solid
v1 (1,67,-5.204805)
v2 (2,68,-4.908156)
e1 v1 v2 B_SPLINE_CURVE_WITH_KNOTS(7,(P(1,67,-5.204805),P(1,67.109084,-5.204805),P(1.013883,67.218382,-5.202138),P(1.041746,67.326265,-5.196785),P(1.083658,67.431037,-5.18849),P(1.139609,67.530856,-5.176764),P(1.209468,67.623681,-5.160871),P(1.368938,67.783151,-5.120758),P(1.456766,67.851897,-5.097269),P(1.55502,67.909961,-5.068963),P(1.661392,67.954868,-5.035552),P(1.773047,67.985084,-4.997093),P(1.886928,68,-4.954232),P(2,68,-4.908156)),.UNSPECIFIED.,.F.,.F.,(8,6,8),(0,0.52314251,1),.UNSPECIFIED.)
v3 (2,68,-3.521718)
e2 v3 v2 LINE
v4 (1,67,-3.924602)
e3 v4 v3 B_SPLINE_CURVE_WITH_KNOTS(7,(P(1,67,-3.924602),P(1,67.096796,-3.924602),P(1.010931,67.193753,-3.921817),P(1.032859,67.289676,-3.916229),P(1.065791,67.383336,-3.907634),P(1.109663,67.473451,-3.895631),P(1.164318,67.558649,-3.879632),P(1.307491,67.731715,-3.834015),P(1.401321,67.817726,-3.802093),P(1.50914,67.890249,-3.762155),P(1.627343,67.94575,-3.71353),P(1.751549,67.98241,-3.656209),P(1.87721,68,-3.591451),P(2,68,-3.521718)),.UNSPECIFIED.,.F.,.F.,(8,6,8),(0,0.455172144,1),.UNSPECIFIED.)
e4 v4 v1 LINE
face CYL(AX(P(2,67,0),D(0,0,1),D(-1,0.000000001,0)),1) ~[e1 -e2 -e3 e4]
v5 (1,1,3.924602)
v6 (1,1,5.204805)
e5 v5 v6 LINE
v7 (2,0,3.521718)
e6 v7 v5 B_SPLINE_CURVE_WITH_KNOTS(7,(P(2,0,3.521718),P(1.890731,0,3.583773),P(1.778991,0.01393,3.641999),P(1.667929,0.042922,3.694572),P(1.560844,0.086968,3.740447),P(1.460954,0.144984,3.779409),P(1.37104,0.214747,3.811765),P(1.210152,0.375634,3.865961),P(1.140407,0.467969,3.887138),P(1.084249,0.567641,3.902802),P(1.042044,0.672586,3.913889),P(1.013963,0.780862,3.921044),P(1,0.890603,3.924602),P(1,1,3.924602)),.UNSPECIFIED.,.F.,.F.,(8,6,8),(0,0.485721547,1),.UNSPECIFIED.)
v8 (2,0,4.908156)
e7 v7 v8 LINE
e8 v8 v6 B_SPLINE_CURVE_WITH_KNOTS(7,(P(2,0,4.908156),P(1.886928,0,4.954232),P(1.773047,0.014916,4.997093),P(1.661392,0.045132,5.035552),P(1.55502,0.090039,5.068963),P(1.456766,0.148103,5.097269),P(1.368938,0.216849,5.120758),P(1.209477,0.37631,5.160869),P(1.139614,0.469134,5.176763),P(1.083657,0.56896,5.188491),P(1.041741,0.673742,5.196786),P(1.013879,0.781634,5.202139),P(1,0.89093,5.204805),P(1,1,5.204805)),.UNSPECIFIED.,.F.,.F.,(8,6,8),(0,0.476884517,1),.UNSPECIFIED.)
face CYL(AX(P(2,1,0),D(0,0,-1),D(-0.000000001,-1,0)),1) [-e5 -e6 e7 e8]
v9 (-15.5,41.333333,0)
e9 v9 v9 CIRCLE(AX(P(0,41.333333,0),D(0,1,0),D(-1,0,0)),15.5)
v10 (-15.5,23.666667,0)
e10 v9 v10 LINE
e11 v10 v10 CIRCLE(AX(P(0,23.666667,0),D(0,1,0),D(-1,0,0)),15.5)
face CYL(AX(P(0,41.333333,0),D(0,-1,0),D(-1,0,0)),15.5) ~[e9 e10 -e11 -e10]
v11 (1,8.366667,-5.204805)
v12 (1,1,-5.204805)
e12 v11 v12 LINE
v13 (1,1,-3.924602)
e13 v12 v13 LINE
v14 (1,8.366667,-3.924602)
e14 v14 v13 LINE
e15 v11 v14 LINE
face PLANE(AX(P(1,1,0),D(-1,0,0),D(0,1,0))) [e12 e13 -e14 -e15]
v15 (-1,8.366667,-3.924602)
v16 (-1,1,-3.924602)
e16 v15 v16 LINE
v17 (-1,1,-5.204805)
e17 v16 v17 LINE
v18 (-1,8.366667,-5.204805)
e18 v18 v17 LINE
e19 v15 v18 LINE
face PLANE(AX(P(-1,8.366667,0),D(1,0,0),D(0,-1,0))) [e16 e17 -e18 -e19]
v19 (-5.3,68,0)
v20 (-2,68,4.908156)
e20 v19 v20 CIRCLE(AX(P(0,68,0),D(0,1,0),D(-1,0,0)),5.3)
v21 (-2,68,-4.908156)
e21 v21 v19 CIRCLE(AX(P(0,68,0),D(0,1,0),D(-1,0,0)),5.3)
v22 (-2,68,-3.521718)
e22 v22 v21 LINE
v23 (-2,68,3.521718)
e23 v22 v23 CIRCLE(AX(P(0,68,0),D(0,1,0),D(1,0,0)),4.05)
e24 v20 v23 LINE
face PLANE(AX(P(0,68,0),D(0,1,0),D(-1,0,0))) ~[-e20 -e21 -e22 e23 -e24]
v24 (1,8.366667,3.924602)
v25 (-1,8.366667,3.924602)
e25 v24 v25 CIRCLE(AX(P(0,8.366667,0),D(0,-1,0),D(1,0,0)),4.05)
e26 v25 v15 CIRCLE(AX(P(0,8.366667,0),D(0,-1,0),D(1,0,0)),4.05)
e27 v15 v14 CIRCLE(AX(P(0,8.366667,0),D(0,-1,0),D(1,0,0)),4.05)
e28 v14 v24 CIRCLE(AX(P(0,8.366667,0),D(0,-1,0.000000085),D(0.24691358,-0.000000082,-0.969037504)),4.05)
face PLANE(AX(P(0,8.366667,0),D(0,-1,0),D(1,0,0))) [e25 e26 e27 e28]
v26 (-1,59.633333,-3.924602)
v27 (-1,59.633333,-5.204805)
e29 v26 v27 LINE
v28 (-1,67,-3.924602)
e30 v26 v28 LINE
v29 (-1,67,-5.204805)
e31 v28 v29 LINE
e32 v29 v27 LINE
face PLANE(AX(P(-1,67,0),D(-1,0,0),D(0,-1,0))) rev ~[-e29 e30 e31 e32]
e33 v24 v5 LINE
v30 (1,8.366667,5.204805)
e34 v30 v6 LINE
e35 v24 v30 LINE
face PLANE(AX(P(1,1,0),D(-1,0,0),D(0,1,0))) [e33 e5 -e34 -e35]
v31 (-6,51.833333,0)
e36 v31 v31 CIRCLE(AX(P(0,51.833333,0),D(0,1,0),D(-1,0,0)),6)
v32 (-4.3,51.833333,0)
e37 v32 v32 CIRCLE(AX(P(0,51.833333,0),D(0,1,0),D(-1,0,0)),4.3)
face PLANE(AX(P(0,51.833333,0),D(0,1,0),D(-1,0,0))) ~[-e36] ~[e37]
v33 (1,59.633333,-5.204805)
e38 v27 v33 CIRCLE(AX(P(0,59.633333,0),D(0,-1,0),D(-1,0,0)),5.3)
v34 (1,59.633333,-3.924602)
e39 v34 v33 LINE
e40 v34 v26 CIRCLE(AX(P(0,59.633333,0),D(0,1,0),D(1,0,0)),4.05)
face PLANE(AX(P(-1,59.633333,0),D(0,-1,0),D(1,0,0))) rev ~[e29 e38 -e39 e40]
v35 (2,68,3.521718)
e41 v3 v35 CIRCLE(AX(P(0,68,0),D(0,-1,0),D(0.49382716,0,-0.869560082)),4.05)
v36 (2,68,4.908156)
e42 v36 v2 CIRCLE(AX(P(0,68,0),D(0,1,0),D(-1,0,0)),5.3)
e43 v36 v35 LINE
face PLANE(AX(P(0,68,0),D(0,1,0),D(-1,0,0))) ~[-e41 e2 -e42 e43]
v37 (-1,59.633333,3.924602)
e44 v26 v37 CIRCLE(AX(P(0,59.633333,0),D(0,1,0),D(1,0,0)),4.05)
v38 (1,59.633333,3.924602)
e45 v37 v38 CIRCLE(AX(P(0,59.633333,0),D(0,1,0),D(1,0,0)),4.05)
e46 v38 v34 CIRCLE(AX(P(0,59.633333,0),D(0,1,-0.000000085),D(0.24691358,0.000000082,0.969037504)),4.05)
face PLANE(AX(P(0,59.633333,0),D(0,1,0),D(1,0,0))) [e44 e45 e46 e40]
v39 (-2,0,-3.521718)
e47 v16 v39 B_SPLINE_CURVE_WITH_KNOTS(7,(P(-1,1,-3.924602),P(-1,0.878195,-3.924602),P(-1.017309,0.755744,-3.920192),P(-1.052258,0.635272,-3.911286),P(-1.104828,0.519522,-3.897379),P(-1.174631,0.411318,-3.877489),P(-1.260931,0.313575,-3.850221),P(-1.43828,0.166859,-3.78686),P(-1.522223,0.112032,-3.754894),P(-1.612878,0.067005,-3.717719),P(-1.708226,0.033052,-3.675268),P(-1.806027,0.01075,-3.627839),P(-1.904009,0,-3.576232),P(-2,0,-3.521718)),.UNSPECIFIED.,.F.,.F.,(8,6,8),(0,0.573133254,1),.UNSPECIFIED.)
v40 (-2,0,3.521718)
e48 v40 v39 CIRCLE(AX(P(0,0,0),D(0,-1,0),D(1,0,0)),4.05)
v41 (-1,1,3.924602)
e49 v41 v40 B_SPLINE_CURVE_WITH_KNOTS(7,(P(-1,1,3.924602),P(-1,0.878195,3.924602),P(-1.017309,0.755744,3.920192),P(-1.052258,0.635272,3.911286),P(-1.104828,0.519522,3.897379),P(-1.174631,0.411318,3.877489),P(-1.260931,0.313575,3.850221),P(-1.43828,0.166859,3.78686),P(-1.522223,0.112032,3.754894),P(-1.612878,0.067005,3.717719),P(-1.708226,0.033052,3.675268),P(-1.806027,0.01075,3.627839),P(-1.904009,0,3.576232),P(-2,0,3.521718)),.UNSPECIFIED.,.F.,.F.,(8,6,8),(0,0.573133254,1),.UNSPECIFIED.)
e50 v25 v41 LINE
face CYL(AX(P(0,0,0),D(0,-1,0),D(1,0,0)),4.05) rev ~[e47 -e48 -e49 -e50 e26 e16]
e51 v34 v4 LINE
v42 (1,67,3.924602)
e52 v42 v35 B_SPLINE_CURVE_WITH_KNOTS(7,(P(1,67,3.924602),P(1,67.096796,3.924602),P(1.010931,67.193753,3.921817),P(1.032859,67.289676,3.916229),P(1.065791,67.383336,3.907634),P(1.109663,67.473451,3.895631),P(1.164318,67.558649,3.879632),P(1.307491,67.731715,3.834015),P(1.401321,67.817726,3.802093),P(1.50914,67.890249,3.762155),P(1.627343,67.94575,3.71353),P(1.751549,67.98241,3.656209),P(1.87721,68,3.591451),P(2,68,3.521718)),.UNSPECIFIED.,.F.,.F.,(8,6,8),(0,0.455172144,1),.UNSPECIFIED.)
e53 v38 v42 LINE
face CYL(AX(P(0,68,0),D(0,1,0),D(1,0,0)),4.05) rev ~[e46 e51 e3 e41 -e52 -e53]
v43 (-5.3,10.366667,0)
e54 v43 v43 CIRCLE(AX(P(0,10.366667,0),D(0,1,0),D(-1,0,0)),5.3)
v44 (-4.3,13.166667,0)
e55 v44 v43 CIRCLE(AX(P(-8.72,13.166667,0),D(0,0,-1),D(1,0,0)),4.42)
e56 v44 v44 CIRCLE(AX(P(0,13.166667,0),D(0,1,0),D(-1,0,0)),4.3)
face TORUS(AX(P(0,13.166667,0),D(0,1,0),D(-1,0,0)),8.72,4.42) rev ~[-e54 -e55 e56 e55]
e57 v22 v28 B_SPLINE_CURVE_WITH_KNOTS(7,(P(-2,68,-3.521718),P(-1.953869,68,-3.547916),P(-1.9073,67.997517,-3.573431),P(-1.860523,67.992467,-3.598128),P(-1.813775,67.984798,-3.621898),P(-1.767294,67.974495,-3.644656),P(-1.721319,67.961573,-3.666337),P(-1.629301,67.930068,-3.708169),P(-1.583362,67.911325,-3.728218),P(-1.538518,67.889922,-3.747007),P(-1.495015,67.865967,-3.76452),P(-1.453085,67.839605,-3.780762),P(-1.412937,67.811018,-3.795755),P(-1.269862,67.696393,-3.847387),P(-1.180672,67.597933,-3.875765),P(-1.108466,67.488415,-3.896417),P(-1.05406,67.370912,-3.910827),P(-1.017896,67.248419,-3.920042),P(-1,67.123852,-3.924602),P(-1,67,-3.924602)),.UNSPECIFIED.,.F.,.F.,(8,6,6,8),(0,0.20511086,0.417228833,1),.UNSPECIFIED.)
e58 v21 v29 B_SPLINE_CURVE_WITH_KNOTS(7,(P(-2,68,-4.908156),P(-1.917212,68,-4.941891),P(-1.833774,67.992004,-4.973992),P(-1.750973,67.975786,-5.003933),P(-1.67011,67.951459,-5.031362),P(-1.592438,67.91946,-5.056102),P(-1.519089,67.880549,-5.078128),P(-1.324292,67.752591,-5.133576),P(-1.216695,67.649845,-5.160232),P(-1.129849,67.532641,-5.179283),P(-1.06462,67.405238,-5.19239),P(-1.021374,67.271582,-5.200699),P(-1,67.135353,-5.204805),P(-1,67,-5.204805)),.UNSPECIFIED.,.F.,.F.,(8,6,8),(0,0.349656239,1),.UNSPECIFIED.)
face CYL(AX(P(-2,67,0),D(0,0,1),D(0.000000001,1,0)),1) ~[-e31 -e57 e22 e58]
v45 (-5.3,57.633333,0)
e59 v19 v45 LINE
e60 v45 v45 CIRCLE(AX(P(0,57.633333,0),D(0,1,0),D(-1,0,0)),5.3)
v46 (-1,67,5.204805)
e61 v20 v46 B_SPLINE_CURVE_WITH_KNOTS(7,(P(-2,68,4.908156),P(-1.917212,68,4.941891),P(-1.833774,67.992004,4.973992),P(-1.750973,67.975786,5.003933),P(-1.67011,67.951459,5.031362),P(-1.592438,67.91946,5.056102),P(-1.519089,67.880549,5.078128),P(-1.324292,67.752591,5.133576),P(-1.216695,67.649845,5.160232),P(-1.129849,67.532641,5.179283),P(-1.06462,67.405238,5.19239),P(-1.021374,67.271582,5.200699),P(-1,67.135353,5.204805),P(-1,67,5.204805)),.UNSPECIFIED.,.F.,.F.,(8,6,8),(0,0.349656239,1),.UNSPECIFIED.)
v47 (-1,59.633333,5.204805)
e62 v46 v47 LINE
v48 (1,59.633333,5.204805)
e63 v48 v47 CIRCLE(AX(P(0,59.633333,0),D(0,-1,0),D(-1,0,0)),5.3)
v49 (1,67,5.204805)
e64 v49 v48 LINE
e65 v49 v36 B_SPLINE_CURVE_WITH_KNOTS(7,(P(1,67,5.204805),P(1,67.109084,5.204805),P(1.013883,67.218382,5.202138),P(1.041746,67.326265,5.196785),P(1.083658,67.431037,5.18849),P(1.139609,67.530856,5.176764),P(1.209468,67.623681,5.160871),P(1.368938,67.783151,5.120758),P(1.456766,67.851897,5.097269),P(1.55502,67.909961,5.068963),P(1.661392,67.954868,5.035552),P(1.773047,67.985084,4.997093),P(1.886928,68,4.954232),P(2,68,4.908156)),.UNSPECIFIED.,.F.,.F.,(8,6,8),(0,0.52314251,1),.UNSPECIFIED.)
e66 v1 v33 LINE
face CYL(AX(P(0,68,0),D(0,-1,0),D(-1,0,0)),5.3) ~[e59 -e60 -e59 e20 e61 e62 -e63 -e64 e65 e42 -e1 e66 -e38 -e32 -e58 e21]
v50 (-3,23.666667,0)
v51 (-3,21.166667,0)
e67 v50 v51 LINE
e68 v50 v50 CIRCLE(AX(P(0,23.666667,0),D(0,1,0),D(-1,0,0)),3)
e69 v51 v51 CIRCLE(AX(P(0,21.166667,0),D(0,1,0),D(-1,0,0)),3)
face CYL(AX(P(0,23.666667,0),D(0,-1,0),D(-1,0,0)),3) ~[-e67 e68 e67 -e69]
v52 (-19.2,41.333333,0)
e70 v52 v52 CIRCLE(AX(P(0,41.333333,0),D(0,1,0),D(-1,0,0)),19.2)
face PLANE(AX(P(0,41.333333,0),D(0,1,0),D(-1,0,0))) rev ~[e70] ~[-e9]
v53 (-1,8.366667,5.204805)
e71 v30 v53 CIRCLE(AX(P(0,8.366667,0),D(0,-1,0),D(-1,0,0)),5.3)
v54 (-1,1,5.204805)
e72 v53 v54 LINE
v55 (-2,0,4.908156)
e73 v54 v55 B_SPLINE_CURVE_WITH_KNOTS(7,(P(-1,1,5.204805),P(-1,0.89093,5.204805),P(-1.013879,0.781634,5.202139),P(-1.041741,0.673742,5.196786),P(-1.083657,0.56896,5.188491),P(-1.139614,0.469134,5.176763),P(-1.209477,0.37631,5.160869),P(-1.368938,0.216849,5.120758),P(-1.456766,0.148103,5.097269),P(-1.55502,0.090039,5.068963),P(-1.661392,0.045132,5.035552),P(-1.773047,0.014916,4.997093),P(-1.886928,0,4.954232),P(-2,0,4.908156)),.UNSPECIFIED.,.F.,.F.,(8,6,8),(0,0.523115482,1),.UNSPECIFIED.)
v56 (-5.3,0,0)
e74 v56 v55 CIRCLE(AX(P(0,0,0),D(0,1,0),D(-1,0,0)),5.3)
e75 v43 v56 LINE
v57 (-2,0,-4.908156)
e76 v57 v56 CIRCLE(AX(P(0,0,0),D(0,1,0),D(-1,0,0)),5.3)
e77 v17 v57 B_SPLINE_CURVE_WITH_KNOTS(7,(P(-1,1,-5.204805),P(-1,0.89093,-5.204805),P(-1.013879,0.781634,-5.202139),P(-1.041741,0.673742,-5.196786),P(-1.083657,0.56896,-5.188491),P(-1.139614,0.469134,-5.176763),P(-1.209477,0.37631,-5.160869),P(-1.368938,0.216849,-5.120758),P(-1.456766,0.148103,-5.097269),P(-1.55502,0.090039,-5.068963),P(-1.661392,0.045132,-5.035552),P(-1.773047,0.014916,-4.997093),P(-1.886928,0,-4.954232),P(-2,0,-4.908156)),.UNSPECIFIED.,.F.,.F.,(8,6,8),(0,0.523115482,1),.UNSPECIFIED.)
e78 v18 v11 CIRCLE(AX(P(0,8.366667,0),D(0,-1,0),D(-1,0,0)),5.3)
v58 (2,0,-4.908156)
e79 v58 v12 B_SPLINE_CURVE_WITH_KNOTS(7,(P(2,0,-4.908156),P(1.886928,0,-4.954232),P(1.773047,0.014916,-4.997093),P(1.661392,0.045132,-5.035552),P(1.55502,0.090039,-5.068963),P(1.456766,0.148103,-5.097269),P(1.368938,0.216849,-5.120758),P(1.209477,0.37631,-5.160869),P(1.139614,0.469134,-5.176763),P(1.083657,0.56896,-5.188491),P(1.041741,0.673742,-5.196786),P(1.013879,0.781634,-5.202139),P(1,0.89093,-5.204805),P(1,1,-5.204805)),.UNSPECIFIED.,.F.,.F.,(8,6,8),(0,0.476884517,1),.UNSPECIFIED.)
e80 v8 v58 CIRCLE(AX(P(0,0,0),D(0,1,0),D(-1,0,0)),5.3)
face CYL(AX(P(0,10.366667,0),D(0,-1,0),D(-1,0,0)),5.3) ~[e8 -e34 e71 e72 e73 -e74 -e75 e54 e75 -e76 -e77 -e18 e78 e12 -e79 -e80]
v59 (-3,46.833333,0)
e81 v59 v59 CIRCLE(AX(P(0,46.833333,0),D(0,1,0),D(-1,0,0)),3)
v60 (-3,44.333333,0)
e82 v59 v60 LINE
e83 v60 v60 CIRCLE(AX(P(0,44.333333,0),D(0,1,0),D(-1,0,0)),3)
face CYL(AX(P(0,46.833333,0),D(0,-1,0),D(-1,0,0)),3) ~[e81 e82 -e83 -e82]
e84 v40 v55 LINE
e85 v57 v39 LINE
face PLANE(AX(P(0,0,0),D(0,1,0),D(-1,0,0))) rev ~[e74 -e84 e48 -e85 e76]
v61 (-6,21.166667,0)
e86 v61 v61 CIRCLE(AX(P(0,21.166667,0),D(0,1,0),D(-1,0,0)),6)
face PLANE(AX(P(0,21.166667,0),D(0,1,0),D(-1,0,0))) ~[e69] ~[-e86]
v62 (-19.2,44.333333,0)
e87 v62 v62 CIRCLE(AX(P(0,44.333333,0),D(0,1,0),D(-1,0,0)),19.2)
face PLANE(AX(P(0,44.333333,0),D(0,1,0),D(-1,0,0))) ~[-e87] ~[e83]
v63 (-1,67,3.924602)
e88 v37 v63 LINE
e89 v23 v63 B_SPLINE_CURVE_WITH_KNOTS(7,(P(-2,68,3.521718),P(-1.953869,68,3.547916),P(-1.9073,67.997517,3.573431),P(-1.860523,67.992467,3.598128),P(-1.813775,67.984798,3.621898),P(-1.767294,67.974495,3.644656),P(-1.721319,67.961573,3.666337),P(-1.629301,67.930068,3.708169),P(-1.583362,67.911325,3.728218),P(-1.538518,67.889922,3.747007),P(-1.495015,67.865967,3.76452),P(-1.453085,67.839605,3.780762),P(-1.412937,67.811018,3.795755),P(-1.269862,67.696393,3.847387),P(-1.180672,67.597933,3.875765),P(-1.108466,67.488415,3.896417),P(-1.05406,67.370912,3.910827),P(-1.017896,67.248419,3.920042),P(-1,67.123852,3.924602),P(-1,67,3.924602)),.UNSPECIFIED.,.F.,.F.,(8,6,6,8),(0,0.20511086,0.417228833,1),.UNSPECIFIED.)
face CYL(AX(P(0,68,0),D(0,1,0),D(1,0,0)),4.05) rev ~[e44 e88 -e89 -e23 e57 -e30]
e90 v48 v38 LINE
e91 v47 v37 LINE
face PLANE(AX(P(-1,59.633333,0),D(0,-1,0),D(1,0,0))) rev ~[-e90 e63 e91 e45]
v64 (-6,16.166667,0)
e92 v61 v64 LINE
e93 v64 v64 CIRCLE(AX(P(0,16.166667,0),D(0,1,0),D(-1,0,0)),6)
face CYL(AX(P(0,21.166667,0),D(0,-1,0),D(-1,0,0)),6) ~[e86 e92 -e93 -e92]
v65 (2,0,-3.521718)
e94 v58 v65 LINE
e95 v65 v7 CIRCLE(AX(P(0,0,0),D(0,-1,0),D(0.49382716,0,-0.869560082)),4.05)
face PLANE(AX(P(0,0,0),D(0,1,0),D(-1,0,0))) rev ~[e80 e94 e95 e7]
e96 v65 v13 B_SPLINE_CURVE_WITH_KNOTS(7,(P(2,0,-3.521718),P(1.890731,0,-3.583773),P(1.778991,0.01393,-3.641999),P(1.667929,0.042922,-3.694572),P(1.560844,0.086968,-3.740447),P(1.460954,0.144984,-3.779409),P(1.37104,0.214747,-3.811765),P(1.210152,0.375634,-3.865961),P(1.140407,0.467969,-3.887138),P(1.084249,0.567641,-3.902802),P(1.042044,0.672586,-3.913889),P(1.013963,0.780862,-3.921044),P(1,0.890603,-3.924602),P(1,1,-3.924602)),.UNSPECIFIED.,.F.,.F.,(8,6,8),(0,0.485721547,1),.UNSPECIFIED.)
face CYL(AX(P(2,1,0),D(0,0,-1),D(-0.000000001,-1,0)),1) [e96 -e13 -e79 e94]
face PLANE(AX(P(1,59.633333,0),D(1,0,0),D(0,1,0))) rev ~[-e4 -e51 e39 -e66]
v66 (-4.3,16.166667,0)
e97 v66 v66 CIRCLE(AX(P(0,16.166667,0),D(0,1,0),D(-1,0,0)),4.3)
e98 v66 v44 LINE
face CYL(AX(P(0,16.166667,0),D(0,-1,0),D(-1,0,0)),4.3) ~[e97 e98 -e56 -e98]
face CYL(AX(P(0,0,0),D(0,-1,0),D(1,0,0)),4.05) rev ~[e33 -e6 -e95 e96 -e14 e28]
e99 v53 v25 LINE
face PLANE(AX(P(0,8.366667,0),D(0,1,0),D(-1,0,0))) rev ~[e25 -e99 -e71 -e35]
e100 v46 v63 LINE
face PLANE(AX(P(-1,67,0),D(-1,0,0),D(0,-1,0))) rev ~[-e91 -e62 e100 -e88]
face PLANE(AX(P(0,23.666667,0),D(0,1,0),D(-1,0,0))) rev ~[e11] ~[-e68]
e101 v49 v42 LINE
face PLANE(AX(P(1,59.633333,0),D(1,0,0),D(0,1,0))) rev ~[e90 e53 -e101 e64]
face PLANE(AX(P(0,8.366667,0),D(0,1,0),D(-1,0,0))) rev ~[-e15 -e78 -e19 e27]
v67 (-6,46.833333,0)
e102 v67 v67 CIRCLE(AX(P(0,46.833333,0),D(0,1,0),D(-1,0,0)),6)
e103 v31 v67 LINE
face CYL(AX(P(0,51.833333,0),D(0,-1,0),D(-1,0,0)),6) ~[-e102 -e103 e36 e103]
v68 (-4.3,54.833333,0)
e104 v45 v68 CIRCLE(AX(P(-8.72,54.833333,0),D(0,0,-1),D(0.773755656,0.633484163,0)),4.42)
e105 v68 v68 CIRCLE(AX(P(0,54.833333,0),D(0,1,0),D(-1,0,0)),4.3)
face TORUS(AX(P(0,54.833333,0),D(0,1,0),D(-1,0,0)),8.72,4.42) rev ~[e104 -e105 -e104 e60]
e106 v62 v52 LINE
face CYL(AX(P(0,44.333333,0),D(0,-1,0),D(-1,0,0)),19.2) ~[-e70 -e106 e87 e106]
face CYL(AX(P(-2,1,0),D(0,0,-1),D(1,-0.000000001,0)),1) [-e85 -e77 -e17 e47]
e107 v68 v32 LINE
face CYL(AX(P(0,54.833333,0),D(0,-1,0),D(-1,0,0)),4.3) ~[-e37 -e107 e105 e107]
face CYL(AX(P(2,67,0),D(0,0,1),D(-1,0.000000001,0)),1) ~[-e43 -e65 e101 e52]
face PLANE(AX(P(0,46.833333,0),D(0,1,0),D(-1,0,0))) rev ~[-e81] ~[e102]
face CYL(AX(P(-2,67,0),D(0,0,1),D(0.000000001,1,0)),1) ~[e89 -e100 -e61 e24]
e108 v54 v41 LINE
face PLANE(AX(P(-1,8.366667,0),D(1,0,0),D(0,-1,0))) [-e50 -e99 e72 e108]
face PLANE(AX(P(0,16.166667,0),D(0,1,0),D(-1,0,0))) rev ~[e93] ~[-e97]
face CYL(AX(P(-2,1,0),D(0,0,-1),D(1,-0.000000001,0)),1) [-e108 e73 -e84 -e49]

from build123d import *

# Parameters (mm, degrees)
CUT_EXTRUDE1_DEPTH      = 20.2
CUT_EXTRUDE1_DEPTH_BACK = 20.2
SKETCH3_R               = 4.05
CUT_EXTRUDE2_DEPTH      = 8.366667
SKETCH4_R               = 4.05
CUT_EXTRUDE3_DEPTH      = 8.366667


with BuildPart() as part:
    # Sketch1 → Revolve1 (revolve)
    with BuildSketch(Plane.XY):
        with BuildLine():
            Line((-1, 8.366666667), (0, 8.366666667))
            Line((0, 8.366666667), (0, 59.633333333))
            Line((0, 59.633333333), (-1, 59.633333333))
            Line((-1, 59.633333333), (-1, 67))
            ThreePointArc((-1, 67), (-1.292893219, 67.707106781), (-2, 68))
            Line((-2, 68), (-5.3, 68))
            Line((-5.3, 68), (-5.3, 57.633333333))
            ThreePointArc((-5.3, 57.633333333), (-4.557500751, 56.319940208), (-4.3, 54.833333333))
            Line((-4.3, 54.833333333), (-4.3, 51.833333333))
            Line((-4.3, 51.833333333), (-6, 51.833333333))
            Line((-6, 51.833333333), (-6, 46.833333333))
            Line((-6, 46.833333333), (-3, 46.833333333))
            Line((-3, 46.833333333), (-3, 44.333333333))
            Line((-3, 44.333333333), (-19.2, 44.333333333))
            Line((-19.2, 44.333333333), (-19.2, 41.333333333))
            Line((-19.2, 41.333333333), (-15.5, 41.333333333))
            Line((-15.5, 41.333333333), (-15.5, 23.666666667))
            Line((-15.5, 23.666666667), (-3, 23.666666667))
            Line((-3, 23.666666667), (-3, 21.166666667))
            Line((-3, 21.166666667), (-6, 21.166666667))
            Line((-6, 21.166666667), (-6, 16.166666667))
            Line((-6, 16.166666667), (-4.3, 16.166666667))
            Line((-4.3, 16.166666667), (-4.3, 13.166666667))
            ThreePointArc((-4.3, 13.166666667), (-4.557500751, 11.680059792), (-5.3, 10.366666667))
            Line((-5.3, 10.366666667), (-5.3, 0))
            Line((-5.3, 0), (-2, 0))
            ThreePointArc((-2, 0), (-1.292893219, 0.292893219), (-1, 1))
            Line((-1, 1), (-1, 8.366666667))
        make_face()
    revolve(axis=Axis((0, 0, 0), (0, 1, 0)))

    # Sketch2 → Cut-Extrude1 (cut, two sides)
    with BuildSketch(Plane.XY) as cut_extrude1_sk:
        with BuildLine():
            Line((1, 8.366666667), (0, 8.366666667))
            Line((0, 8.366666667), (0, 0))
            Line((0, 0), (2, 0))
            ThreePointArc((2, 0), (1.292893219, 0.292893219), (1, 1))
            Line((1, 1), (1, 8.366666667))
        make_face()
        with BuildLine():
            Line((-1, 8.366666667), (-1, 1))
            ThreePointArc((-1, 1), (-1.292893219, 0.292893219), (-2, 0))
            Line((-2, 0), (0, 0))
            Line((0, 0), (0, 8.366666667))
            Line((0, 8.366666667), (-1, 8.366666667))
        make_face()
        with BuildLine():
            Line((-1, 67), (-1, 59.633333333))
            Line((-1, 59.633333333), (1, 59.633333333))
            Line((1, 59.633333333), (1, 67))
            ThreePointArc((1, 67), (1.292893219, 67.707106781), (2, 68))
            Line((2, 68), (-2, 68))
            ThreePointArc((-2, 68), (-1.292893219, 67.707106781), (-1, 67))
        make_face()
    extrude(amount=CUT_EXTRUDE1_DEPTH, mode=Mode.SUBTRACT)
    extrude(cut_extrude1_sk.sketch, amount=-CUT_EXTRUDE1_DEPTH_BACK, mode=Mode.SUBTRACT)

    # Sketch3 → Cut-Extrude2 (cut)
    with BuildSketch(Plane(origin=(0, 68, 0), x_dir=(1, 0, 0), z_dir=(0, 1, 0))):
        Circle(SKETCH3_R)
    extrude(amount=-CUT_EXTRUDE2_DEPTH, mode=Mode.SUBTRACT)

    # Sketch4 → Cut-Extrude3 (cut)
    with BuildSketch(Plane.XZ):
        Circle(SKETCH4_R)
    extrude(amount=-CUT_EXTRUDE3_DEPTH, mode=Mode.SUBTRACT)


solid = part.part
